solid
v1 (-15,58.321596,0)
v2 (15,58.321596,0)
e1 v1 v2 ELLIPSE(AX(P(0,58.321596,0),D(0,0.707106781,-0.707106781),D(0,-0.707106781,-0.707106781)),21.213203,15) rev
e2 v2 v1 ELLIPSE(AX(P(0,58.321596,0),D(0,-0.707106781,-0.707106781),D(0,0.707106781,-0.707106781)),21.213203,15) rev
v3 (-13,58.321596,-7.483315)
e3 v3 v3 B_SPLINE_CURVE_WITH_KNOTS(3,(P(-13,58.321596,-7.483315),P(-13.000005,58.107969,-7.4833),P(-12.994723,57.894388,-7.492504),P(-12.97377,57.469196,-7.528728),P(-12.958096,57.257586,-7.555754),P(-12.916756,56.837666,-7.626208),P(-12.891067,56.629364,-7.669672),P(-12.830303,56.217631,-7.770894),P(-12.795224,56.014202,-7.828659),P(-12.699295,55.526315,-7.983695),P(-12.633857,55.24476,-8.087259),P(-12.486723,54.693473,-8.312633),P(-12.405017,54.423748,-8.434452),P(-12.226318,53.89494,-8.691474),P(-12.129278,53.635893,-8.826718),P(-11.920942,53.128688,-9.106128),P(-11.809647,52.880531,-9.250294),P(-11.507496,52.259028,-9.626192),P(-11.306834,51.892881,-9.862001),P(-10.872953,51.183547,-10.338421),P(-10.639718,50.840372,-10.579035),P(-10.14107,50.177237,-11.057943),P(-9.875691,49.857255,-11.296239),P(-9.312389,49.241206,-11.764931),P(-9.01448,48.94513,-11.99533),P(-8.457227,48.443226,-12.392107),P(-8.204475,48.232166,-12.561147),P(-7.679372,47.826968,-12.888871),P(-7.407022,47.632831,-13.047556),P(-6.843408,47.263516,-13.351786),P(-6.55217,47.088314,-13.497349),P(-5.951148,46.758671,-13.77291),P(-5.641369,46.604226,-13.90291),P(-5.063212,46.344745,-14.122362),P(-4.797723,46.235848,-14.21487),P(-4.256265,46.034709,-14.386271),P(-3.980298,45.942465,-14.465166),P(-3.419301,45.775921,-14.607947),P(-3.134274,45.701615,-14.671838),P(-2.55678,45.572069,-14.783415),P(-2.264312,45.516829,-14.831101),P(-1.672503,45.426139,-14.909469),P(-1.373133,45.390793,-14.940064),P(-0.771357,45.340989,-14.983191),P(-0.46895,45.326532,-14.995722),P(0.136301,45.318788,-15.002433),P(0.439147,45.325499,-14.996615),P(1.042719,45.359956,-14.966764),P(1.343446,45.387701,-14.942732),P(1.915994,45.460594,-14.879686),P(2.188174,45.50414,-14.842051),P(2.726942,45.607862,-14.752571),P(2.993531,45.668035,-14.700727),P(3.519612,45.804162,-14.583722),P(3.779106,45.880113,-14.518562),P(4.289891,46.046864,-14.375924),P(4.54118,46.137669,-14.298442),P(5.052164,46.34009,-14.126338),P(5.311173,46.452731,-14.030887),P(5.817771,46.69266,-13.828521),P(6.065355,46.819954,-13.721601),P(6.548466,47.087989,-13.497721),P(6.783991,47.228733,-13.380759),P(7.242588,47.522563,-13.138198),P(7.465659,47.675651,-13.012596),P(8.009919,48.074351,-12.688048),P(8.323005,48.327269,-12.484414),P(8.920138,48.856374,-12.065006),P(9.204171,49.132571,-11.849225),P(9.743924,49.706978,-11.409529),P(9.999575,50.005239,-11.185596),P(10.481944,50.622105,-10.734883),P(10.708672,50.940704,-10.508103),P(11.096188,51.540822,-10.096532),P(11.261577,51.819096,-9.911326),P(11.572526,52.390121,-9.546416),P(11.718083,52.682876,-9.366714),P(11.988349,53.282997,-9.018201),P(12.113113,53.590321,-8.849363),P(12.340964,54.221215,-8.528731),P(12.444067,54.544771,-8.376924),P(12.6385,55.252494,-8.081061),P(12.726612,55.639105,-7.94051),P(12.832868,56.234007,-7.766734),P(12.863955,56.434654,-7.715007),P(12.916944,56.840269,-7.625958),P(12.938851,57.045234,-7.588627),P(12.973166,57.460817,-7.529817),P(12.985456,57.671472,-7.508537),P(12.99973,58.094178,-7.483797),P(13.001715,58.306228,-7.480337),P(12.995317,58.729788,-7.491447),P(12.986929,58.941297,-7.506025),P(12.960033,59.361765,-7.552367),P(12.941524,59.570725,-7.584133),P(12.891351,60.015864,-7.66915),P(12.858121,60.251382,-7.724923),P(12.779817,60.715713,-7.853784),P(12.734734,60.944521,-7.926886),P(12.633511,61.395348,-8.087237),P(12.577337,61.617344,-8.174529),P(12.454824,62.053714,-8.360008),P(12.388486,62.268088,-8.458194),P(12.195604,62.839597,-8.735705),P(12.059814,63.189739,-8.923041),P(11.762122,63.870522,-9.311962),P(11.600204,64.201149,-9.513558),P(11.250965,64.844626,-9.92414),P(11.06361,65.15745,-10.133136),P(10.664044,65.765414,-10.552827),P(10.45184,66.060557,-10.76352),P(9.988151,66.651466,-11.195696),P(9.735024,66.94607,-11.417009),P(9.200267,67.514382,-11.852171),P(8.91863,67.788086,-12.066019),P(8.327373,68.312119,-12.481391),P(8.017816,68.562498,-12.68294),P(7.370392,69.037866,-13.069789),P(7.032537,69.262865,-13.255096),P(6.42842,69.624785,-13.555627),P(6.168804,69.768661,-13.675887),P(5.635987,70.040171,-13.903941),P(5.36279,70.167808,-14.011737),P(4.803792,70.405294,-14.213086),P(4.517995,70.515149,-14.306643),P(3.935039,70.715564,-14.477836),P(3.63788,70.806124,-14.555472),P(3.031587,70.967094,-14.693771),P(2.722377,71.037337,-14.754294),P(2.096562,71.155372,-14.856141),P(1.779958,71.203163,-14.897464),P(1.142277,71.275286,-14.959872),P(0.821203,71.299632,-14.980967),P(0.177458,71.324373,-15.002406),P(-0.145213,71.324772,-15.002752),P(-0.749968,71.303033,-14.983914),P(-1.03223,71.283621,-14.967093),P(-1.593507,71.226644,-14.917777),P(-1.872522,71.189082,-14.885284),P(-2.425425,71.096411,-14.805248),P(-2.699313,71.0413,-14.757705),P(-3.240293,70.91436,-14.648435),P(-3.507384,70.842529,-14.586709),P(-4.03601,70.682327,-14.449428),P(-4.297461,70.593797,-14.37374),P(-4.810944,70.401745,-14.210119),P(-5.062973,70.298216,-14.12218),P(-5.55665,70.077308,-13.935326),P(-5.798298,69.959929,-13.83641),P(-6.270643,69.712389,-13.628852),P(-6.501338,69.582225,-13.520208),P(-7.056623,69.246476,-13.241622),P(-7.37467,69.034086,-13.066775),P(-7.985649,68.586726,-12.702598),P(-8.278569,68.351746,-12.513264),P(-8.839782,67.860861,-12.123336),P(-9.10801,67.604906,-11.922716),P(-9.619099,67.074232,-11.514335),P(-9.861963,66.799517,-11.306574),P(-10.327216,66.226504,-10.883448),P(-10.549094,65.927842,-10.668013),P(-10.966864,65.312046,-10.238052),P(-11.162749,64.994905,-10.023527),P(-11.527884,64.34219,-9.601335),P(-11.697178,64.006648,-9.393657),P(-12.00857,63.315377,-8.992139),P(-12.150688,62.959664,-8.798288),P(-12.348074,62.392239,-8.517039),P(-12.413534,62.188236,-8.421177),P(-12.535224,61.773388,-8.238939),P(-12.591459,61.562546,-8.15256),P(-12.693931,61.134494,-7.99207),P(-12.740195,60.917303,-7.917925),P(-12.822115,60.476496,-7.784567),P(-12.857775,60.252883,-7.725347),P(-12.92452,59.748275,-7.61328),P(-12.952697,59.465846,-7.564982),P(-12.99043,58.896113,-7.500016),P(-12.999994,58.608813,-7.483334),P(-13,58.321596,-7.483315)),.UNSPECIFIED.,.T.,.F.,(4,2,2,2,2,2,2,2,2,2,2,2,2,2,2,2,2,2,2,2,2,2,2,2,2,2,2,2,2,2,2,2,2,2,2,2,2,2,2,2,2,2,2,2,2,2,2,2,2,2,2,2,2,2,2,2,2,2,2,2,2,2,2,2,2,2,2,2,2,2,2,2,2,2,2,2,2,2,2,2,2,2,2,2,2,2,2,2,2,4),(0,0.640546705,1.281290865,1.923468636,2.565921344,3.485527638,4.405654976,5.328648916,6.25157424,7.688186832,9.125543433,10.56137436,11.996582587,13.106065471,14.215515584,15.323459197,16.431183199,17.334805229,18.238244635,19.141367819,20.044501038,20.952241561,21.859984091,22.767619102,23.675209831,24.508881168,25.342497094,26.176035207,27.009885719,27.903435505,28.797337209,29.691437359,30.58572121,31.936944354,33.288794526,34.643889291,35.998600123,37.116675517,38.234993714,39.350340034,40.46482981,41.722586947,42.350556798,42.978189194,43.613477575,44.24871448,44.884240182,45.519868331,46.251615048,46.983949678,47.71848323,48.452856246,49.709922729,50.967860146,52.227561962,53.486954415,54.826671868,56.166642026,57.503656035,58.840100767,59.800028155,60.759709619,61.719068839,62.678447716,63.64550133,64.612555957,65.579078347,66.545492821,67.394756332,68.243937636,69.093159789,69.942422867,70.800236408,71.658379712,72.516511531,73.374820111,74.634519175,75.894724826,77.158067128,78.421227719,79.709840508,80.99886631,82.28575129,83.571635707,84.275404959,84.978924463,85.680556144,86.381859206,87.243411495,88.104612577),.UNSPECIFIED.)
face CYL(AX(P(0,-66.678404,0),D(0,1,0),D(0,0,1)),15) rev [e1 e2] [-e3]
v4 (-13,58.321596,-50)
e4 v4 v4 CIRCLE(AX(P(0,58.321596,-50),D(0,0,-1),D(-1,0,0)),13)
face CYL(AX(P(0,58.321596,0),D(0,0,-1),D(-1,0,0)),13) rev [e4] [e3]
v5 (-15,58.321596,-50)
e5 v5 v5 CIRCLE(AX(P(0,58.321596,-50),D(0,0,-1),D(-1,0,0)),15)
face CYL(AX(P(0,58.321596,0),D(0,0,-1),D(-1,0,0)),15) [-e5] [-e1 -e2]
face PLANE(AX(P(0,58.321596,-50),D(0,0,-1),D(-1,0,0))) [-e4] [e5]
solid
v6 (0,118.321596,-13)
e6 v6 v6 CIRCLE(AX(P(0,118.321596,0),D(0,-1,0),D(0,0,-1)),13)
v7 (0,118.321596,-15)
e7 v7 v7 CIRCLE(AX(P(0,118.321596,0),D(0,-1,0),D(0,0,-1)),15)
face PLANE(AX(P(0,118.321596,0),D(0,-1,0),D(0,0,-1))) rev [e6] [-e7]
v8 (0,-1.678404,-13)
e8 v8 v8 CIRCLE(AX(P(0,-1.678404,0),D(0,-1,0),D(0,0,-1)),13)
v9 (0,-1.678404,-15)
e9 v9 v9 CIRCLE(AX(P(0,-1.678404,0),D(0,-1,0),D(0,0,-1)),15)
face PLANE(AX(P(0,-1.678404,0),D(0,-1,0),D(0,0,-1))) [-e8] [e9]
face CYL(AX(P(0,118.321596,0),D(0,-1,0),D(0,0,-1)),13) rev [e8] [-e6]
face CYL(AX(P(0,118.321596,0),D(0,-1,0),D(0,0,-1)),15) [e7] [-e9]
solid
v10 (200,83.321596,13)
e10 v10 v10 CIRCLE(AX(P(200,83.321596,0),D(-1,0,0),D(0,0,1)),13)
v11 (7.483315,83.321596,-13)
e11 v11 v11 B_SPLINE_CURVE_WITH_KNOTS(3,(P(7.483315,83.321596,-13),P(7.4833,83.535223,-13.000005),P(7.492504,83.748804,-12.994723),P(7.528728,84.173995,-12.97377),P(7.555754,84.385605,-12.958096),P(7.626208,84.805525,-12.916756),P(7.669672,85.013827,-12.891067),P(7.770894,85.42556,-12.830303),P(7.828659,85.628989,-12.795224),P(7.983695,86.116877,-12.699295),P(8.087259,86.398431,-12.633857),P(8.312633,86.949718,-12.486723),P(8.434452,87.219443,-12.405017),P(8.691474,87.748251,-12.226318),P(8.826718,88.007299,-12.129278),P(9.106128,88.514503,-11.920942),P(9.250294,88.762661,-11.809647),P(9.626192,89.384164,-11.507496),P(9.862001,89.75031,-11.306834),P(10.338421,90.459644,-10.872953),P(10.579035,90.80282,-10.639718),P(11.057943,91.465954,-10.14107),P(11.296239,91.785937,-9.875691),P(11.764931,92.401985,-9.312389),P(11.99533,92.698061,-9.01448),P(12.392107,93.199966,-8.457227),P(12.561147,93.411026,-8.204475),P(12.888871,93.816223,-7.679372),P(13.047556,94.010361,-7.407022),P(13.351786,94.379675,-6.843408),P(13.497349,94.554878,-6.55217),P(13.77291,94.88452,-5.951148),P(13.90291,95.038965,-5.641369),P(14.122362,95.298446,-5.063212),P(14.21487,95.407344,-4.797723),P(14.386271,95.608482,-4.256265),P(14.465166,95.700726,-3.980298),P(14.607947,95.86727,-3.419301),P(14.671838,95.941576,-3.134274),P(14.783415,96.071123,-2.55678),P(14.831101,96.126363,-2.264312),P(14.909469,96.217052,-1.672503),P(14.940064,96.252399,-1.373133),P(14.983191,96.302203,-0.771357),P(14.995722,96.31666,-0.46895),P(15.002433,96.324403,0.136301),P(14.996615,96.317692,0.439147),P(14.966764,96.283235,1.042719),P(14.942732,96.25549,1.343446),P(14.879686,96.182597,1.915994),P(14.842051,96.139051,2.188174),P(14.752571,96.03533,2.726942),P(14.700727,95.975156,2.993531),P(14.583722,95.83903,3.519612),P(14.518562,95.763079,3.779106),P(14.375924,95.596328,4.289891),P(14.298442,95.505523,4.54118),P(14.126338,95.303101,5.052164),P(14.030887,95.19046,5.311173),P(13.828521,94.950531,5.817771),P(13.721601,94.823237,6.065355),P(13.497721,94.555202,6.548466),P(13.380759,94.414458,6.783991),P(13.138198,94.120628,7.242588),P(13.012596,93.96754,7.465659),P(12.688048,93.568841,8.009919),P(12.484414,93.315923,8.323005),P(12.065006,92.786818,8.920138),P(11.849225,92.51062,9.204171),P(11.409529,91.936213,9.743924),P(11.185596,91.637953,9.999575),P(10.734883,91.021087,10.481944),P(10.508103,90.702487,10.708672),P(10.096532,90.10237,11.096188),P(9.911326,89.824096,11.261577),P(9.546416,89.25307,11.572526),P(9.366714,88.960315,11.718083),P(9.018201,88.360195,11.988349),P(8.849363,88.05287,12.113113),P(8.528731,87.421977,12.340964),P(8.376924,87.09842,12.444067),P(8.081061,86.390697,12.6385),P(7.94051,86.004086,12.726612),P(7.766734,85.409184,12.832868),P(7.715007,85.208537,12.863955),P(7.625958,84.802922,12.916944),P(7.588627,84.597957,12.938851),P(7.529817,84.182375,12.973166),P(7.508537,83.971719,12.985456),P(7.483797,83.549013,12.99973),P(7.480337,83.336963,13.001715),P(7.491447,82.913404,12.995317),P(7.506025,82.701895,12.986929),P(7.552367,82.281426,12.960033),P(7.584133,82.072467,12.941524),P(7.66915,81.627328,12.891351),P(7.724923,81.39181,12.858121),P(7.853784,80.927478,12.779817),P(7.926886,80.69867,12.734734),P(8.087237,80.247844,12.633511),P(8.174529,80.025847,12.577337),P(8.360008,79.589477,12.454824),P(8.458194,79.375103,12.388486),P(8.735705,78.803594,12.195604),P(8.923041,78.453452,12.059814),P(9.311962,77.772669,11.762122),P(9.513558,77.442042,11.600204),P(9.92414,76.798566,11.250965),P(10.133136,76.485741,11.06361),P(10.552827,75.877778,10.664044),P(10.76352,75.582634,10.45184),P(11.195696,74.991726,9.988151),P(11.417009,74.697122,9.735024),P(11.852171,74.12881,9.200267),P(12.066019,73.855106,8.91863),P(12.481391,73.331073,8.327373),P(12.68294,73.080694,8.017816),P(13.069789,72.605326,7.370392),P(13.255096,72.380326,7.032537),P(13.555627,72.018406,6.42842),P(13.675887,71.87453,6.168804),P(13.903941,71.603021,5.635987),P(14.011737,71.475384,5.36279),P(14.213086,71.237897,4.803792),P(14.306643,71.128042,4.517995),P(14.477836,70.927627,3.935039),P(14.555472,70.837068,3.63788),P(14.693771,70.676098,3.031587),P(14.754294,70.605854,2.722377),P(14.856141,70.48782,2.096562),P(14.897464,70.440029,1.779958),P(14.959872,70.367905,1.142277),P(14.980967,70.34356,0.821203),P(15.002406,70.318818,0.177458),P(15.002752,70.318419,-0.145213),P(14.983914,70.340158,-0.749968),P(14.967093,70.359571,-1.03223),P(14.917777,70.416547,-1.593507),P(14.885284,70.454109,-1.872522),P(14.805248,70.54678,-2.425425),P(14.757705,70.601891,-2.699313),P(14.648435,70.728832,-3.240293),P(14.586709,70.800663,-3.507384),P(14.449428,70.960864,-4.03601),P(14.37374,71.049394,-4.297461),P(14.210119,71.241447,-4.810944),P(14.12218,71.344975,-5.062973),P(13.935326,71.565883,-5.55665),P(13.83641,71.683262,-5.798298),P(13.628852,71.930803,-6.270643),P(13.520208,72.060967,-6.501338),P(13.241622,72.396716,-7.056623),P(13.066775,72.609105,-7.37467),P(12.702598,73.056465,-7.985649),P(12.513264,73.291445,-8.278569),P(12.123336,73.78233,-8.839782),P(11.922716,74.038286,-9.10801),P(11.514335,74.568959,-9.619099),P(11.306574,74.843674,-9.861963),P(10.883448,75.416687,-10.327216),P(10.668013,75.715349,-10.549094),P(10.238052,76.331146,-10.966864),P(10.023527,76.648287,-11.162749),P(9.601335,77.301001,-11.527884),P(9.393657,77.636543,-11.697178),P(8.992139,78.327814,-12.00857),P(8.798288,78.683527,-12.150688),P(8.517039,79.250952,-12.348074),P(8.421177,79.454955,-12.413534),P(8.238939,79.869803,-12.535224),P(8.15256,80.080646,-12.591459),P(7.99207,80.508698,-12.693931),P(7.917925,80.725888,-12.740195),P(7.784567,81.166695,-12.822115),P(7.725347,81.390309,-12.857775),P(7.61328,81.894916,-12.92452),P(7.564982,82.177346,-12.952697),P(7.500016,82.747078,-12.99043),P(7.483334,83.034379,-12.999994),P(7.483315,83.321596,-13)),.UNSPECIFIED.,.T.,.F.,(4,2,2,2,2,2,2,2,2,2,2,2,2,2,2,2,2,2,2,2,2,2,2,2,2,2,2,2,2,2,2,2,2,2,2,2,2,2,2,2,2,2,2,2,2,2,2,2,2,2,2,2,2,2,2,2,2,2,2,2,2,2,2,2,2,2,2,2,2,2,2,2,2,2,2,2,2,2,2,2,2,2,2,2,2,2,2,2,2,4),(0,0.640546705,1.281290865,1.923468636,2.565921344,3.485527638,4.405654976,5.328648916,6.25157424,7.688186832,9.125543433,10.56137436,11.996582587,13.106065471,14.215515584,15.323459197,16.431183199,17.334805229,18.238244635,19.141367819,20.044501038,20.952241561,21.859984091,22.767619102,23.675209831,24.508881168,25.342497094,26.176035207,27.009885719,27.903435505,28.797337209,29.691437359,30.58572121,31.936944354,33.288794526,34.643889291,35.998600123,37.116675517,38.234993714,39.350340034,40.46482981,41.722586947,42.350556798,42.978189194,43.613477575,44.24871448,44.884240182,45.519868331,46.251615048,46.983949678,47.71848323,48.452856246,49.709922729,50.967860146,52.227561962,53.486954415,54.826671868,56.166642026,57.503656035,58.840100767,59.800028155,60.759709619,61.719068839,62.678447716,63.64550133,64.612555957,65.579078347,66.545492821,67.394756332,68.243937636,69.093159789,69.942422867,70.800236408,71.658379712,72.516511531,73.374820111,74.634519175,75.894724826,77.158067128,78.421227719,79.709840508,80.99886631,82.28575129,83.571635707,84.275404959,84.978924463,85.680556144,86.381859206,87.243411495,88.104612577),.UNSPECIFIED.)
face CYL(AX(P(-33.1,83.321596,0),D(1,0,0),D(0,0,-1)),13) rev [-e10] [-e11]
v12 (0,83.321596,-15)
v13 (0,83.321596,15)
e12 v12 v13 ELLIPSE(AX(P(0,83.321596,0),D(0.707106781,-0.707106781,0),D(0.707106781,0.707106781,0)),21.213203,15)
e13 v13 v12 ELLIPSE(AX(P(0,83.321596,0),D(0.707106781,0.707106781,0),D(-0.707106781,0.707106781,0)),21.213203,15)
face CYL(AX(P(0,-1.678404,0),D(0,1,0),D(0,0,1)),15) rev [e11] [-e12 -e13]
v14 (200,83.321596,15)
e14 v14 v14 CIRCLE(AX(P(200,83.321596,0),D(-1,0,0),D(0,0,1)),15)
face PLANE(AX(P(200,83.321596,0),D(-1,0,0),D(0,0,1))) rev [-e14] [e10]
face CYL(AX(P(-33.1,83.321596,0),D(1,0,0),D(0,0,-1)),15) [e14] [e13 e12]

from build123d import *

# Parameters (mm, degrees)
SWEEP_THIN6_PROFILE_R   = 15
SWEEP_THIN6_PROFILE_R_2 = 13
SWEEP_THIN8_PROFILE_R   = 15
SWEEP_THIN8_PROFILE_R_2 = 13
CUT_EXTRUDE1_START      = -185
SKETCH135_R             = 15
CUT_EXTRUDE1_DEPTH      = 185
SWEEP_THIN9_PROFILE_R   = 15
SWEEP_THIN9_PROFILE_R_2 = 13
SKETCH183_R             = 15
CUT_EXTRUDE2_DEPTH      = 239.537208858


with BuildPart() as part:
    # Sweep-Thin6: sweep along a path in Sketch1
    with BuildLine(Plane(origin=(0, 0, 0), x_dir=(0, 0, -1), z_dir=(1, 0, 0))) as sweep_thin6_path:
        Line((0, 118.321595662), (0, -1.678404338))
    # Sweep-Thin6 profile (on start of the path) → Sweep-Thin6 (sweep)
    with BuildSketch(Plane(origin=(0, 118.321595662, 0), x_dir=(0, 0, -1), z_dir=(0, -1, 0))):
        Circle(SWEEP_THIN6_PROFILE_R)
        Circle(SWEEP_THIN6_PROFILE_R_2, mode=Mode.SUBTRACT)
    sweep(path=sweep_thin6_path.line)


with BuildPart() as body_2:
    # Sweep-Thin8: sweep along a path in Sketch66
    with BuildLine(Plane(origin=(0, 0, 0), x_dir=(0, 0, -1), z_dir=(1, 0, 0))) as sweep_thin8_path:
        Line((0, 58.321595662), (50, 58.321595662))
    # Sweep-Thin8 profile (on start of the path) → Sweep-Thin8 (sweep)
    with BuildSketch(Plane(origin=(0, 58.321595662, 0), x_dir=(-1, 0, 0), z_dir=(0, 0, -1))):
        Circle(SWEEP_THIN8_PROFILE_R)
        Circle(SWEEP_THIN8_PROFILE_R_2, mode=Mode.SUBTRACT)
    sweep(path=sweep_thin8_path.line)

    # Sketch135 → Cut-Extrude1 (cut)
    with BuildSketch(Plane(origin=(0, 118.321595662, 0), x_dir=(1, 0, 0), z_dir=(0, 1, 0)).offset(CUT_EXTRUDE1_START)):
        Circle(SKETCH135_R)
    extrude(amount=CUT_EXTRUDE1_DEPTH, mode=Mode.SUBTRACT)


with BuildPart() as body_3:
    # Sweep-Thin9: sweep along a path in Sketch142
    with BuildLine(Plane.XY) as sweep_thin9_path:
        Line((0, 58.321595662), (0, 83.321595662))
        Line((0, 83.321595662), (200, 83.321595662))
    # Sweep-Thin9 profile (on start of the path) → Sweep-Thin9 (sweep)
    with BuildSketch(Plane.ZX.offset(58.321595662)):
        Circle(SWEEP_THIN9_PROFILE_R)
        Circle(SWEEP_THIN9_PROFILE_R_2, mode=Mode.SUBTRACT)
    sweep(path=sweep_thin9_path.line, transition=Transition.RIGHT)

    # Sketch183 → Cut-Extrude2 (cut, through all)
    with BuildSketch(Plane(origin=(0, 118.321595662, 0), x_dir=(1, 0, 0), z_dir=(0, 1, 0))):
        Circle(SKETCH183_R)
    extrude(amount=-CUT_EXTRUDE2_DEPTH, mode=Mode.SUBTRACT)


solid = Compound([part.part, body_2.part, body_3.part])
